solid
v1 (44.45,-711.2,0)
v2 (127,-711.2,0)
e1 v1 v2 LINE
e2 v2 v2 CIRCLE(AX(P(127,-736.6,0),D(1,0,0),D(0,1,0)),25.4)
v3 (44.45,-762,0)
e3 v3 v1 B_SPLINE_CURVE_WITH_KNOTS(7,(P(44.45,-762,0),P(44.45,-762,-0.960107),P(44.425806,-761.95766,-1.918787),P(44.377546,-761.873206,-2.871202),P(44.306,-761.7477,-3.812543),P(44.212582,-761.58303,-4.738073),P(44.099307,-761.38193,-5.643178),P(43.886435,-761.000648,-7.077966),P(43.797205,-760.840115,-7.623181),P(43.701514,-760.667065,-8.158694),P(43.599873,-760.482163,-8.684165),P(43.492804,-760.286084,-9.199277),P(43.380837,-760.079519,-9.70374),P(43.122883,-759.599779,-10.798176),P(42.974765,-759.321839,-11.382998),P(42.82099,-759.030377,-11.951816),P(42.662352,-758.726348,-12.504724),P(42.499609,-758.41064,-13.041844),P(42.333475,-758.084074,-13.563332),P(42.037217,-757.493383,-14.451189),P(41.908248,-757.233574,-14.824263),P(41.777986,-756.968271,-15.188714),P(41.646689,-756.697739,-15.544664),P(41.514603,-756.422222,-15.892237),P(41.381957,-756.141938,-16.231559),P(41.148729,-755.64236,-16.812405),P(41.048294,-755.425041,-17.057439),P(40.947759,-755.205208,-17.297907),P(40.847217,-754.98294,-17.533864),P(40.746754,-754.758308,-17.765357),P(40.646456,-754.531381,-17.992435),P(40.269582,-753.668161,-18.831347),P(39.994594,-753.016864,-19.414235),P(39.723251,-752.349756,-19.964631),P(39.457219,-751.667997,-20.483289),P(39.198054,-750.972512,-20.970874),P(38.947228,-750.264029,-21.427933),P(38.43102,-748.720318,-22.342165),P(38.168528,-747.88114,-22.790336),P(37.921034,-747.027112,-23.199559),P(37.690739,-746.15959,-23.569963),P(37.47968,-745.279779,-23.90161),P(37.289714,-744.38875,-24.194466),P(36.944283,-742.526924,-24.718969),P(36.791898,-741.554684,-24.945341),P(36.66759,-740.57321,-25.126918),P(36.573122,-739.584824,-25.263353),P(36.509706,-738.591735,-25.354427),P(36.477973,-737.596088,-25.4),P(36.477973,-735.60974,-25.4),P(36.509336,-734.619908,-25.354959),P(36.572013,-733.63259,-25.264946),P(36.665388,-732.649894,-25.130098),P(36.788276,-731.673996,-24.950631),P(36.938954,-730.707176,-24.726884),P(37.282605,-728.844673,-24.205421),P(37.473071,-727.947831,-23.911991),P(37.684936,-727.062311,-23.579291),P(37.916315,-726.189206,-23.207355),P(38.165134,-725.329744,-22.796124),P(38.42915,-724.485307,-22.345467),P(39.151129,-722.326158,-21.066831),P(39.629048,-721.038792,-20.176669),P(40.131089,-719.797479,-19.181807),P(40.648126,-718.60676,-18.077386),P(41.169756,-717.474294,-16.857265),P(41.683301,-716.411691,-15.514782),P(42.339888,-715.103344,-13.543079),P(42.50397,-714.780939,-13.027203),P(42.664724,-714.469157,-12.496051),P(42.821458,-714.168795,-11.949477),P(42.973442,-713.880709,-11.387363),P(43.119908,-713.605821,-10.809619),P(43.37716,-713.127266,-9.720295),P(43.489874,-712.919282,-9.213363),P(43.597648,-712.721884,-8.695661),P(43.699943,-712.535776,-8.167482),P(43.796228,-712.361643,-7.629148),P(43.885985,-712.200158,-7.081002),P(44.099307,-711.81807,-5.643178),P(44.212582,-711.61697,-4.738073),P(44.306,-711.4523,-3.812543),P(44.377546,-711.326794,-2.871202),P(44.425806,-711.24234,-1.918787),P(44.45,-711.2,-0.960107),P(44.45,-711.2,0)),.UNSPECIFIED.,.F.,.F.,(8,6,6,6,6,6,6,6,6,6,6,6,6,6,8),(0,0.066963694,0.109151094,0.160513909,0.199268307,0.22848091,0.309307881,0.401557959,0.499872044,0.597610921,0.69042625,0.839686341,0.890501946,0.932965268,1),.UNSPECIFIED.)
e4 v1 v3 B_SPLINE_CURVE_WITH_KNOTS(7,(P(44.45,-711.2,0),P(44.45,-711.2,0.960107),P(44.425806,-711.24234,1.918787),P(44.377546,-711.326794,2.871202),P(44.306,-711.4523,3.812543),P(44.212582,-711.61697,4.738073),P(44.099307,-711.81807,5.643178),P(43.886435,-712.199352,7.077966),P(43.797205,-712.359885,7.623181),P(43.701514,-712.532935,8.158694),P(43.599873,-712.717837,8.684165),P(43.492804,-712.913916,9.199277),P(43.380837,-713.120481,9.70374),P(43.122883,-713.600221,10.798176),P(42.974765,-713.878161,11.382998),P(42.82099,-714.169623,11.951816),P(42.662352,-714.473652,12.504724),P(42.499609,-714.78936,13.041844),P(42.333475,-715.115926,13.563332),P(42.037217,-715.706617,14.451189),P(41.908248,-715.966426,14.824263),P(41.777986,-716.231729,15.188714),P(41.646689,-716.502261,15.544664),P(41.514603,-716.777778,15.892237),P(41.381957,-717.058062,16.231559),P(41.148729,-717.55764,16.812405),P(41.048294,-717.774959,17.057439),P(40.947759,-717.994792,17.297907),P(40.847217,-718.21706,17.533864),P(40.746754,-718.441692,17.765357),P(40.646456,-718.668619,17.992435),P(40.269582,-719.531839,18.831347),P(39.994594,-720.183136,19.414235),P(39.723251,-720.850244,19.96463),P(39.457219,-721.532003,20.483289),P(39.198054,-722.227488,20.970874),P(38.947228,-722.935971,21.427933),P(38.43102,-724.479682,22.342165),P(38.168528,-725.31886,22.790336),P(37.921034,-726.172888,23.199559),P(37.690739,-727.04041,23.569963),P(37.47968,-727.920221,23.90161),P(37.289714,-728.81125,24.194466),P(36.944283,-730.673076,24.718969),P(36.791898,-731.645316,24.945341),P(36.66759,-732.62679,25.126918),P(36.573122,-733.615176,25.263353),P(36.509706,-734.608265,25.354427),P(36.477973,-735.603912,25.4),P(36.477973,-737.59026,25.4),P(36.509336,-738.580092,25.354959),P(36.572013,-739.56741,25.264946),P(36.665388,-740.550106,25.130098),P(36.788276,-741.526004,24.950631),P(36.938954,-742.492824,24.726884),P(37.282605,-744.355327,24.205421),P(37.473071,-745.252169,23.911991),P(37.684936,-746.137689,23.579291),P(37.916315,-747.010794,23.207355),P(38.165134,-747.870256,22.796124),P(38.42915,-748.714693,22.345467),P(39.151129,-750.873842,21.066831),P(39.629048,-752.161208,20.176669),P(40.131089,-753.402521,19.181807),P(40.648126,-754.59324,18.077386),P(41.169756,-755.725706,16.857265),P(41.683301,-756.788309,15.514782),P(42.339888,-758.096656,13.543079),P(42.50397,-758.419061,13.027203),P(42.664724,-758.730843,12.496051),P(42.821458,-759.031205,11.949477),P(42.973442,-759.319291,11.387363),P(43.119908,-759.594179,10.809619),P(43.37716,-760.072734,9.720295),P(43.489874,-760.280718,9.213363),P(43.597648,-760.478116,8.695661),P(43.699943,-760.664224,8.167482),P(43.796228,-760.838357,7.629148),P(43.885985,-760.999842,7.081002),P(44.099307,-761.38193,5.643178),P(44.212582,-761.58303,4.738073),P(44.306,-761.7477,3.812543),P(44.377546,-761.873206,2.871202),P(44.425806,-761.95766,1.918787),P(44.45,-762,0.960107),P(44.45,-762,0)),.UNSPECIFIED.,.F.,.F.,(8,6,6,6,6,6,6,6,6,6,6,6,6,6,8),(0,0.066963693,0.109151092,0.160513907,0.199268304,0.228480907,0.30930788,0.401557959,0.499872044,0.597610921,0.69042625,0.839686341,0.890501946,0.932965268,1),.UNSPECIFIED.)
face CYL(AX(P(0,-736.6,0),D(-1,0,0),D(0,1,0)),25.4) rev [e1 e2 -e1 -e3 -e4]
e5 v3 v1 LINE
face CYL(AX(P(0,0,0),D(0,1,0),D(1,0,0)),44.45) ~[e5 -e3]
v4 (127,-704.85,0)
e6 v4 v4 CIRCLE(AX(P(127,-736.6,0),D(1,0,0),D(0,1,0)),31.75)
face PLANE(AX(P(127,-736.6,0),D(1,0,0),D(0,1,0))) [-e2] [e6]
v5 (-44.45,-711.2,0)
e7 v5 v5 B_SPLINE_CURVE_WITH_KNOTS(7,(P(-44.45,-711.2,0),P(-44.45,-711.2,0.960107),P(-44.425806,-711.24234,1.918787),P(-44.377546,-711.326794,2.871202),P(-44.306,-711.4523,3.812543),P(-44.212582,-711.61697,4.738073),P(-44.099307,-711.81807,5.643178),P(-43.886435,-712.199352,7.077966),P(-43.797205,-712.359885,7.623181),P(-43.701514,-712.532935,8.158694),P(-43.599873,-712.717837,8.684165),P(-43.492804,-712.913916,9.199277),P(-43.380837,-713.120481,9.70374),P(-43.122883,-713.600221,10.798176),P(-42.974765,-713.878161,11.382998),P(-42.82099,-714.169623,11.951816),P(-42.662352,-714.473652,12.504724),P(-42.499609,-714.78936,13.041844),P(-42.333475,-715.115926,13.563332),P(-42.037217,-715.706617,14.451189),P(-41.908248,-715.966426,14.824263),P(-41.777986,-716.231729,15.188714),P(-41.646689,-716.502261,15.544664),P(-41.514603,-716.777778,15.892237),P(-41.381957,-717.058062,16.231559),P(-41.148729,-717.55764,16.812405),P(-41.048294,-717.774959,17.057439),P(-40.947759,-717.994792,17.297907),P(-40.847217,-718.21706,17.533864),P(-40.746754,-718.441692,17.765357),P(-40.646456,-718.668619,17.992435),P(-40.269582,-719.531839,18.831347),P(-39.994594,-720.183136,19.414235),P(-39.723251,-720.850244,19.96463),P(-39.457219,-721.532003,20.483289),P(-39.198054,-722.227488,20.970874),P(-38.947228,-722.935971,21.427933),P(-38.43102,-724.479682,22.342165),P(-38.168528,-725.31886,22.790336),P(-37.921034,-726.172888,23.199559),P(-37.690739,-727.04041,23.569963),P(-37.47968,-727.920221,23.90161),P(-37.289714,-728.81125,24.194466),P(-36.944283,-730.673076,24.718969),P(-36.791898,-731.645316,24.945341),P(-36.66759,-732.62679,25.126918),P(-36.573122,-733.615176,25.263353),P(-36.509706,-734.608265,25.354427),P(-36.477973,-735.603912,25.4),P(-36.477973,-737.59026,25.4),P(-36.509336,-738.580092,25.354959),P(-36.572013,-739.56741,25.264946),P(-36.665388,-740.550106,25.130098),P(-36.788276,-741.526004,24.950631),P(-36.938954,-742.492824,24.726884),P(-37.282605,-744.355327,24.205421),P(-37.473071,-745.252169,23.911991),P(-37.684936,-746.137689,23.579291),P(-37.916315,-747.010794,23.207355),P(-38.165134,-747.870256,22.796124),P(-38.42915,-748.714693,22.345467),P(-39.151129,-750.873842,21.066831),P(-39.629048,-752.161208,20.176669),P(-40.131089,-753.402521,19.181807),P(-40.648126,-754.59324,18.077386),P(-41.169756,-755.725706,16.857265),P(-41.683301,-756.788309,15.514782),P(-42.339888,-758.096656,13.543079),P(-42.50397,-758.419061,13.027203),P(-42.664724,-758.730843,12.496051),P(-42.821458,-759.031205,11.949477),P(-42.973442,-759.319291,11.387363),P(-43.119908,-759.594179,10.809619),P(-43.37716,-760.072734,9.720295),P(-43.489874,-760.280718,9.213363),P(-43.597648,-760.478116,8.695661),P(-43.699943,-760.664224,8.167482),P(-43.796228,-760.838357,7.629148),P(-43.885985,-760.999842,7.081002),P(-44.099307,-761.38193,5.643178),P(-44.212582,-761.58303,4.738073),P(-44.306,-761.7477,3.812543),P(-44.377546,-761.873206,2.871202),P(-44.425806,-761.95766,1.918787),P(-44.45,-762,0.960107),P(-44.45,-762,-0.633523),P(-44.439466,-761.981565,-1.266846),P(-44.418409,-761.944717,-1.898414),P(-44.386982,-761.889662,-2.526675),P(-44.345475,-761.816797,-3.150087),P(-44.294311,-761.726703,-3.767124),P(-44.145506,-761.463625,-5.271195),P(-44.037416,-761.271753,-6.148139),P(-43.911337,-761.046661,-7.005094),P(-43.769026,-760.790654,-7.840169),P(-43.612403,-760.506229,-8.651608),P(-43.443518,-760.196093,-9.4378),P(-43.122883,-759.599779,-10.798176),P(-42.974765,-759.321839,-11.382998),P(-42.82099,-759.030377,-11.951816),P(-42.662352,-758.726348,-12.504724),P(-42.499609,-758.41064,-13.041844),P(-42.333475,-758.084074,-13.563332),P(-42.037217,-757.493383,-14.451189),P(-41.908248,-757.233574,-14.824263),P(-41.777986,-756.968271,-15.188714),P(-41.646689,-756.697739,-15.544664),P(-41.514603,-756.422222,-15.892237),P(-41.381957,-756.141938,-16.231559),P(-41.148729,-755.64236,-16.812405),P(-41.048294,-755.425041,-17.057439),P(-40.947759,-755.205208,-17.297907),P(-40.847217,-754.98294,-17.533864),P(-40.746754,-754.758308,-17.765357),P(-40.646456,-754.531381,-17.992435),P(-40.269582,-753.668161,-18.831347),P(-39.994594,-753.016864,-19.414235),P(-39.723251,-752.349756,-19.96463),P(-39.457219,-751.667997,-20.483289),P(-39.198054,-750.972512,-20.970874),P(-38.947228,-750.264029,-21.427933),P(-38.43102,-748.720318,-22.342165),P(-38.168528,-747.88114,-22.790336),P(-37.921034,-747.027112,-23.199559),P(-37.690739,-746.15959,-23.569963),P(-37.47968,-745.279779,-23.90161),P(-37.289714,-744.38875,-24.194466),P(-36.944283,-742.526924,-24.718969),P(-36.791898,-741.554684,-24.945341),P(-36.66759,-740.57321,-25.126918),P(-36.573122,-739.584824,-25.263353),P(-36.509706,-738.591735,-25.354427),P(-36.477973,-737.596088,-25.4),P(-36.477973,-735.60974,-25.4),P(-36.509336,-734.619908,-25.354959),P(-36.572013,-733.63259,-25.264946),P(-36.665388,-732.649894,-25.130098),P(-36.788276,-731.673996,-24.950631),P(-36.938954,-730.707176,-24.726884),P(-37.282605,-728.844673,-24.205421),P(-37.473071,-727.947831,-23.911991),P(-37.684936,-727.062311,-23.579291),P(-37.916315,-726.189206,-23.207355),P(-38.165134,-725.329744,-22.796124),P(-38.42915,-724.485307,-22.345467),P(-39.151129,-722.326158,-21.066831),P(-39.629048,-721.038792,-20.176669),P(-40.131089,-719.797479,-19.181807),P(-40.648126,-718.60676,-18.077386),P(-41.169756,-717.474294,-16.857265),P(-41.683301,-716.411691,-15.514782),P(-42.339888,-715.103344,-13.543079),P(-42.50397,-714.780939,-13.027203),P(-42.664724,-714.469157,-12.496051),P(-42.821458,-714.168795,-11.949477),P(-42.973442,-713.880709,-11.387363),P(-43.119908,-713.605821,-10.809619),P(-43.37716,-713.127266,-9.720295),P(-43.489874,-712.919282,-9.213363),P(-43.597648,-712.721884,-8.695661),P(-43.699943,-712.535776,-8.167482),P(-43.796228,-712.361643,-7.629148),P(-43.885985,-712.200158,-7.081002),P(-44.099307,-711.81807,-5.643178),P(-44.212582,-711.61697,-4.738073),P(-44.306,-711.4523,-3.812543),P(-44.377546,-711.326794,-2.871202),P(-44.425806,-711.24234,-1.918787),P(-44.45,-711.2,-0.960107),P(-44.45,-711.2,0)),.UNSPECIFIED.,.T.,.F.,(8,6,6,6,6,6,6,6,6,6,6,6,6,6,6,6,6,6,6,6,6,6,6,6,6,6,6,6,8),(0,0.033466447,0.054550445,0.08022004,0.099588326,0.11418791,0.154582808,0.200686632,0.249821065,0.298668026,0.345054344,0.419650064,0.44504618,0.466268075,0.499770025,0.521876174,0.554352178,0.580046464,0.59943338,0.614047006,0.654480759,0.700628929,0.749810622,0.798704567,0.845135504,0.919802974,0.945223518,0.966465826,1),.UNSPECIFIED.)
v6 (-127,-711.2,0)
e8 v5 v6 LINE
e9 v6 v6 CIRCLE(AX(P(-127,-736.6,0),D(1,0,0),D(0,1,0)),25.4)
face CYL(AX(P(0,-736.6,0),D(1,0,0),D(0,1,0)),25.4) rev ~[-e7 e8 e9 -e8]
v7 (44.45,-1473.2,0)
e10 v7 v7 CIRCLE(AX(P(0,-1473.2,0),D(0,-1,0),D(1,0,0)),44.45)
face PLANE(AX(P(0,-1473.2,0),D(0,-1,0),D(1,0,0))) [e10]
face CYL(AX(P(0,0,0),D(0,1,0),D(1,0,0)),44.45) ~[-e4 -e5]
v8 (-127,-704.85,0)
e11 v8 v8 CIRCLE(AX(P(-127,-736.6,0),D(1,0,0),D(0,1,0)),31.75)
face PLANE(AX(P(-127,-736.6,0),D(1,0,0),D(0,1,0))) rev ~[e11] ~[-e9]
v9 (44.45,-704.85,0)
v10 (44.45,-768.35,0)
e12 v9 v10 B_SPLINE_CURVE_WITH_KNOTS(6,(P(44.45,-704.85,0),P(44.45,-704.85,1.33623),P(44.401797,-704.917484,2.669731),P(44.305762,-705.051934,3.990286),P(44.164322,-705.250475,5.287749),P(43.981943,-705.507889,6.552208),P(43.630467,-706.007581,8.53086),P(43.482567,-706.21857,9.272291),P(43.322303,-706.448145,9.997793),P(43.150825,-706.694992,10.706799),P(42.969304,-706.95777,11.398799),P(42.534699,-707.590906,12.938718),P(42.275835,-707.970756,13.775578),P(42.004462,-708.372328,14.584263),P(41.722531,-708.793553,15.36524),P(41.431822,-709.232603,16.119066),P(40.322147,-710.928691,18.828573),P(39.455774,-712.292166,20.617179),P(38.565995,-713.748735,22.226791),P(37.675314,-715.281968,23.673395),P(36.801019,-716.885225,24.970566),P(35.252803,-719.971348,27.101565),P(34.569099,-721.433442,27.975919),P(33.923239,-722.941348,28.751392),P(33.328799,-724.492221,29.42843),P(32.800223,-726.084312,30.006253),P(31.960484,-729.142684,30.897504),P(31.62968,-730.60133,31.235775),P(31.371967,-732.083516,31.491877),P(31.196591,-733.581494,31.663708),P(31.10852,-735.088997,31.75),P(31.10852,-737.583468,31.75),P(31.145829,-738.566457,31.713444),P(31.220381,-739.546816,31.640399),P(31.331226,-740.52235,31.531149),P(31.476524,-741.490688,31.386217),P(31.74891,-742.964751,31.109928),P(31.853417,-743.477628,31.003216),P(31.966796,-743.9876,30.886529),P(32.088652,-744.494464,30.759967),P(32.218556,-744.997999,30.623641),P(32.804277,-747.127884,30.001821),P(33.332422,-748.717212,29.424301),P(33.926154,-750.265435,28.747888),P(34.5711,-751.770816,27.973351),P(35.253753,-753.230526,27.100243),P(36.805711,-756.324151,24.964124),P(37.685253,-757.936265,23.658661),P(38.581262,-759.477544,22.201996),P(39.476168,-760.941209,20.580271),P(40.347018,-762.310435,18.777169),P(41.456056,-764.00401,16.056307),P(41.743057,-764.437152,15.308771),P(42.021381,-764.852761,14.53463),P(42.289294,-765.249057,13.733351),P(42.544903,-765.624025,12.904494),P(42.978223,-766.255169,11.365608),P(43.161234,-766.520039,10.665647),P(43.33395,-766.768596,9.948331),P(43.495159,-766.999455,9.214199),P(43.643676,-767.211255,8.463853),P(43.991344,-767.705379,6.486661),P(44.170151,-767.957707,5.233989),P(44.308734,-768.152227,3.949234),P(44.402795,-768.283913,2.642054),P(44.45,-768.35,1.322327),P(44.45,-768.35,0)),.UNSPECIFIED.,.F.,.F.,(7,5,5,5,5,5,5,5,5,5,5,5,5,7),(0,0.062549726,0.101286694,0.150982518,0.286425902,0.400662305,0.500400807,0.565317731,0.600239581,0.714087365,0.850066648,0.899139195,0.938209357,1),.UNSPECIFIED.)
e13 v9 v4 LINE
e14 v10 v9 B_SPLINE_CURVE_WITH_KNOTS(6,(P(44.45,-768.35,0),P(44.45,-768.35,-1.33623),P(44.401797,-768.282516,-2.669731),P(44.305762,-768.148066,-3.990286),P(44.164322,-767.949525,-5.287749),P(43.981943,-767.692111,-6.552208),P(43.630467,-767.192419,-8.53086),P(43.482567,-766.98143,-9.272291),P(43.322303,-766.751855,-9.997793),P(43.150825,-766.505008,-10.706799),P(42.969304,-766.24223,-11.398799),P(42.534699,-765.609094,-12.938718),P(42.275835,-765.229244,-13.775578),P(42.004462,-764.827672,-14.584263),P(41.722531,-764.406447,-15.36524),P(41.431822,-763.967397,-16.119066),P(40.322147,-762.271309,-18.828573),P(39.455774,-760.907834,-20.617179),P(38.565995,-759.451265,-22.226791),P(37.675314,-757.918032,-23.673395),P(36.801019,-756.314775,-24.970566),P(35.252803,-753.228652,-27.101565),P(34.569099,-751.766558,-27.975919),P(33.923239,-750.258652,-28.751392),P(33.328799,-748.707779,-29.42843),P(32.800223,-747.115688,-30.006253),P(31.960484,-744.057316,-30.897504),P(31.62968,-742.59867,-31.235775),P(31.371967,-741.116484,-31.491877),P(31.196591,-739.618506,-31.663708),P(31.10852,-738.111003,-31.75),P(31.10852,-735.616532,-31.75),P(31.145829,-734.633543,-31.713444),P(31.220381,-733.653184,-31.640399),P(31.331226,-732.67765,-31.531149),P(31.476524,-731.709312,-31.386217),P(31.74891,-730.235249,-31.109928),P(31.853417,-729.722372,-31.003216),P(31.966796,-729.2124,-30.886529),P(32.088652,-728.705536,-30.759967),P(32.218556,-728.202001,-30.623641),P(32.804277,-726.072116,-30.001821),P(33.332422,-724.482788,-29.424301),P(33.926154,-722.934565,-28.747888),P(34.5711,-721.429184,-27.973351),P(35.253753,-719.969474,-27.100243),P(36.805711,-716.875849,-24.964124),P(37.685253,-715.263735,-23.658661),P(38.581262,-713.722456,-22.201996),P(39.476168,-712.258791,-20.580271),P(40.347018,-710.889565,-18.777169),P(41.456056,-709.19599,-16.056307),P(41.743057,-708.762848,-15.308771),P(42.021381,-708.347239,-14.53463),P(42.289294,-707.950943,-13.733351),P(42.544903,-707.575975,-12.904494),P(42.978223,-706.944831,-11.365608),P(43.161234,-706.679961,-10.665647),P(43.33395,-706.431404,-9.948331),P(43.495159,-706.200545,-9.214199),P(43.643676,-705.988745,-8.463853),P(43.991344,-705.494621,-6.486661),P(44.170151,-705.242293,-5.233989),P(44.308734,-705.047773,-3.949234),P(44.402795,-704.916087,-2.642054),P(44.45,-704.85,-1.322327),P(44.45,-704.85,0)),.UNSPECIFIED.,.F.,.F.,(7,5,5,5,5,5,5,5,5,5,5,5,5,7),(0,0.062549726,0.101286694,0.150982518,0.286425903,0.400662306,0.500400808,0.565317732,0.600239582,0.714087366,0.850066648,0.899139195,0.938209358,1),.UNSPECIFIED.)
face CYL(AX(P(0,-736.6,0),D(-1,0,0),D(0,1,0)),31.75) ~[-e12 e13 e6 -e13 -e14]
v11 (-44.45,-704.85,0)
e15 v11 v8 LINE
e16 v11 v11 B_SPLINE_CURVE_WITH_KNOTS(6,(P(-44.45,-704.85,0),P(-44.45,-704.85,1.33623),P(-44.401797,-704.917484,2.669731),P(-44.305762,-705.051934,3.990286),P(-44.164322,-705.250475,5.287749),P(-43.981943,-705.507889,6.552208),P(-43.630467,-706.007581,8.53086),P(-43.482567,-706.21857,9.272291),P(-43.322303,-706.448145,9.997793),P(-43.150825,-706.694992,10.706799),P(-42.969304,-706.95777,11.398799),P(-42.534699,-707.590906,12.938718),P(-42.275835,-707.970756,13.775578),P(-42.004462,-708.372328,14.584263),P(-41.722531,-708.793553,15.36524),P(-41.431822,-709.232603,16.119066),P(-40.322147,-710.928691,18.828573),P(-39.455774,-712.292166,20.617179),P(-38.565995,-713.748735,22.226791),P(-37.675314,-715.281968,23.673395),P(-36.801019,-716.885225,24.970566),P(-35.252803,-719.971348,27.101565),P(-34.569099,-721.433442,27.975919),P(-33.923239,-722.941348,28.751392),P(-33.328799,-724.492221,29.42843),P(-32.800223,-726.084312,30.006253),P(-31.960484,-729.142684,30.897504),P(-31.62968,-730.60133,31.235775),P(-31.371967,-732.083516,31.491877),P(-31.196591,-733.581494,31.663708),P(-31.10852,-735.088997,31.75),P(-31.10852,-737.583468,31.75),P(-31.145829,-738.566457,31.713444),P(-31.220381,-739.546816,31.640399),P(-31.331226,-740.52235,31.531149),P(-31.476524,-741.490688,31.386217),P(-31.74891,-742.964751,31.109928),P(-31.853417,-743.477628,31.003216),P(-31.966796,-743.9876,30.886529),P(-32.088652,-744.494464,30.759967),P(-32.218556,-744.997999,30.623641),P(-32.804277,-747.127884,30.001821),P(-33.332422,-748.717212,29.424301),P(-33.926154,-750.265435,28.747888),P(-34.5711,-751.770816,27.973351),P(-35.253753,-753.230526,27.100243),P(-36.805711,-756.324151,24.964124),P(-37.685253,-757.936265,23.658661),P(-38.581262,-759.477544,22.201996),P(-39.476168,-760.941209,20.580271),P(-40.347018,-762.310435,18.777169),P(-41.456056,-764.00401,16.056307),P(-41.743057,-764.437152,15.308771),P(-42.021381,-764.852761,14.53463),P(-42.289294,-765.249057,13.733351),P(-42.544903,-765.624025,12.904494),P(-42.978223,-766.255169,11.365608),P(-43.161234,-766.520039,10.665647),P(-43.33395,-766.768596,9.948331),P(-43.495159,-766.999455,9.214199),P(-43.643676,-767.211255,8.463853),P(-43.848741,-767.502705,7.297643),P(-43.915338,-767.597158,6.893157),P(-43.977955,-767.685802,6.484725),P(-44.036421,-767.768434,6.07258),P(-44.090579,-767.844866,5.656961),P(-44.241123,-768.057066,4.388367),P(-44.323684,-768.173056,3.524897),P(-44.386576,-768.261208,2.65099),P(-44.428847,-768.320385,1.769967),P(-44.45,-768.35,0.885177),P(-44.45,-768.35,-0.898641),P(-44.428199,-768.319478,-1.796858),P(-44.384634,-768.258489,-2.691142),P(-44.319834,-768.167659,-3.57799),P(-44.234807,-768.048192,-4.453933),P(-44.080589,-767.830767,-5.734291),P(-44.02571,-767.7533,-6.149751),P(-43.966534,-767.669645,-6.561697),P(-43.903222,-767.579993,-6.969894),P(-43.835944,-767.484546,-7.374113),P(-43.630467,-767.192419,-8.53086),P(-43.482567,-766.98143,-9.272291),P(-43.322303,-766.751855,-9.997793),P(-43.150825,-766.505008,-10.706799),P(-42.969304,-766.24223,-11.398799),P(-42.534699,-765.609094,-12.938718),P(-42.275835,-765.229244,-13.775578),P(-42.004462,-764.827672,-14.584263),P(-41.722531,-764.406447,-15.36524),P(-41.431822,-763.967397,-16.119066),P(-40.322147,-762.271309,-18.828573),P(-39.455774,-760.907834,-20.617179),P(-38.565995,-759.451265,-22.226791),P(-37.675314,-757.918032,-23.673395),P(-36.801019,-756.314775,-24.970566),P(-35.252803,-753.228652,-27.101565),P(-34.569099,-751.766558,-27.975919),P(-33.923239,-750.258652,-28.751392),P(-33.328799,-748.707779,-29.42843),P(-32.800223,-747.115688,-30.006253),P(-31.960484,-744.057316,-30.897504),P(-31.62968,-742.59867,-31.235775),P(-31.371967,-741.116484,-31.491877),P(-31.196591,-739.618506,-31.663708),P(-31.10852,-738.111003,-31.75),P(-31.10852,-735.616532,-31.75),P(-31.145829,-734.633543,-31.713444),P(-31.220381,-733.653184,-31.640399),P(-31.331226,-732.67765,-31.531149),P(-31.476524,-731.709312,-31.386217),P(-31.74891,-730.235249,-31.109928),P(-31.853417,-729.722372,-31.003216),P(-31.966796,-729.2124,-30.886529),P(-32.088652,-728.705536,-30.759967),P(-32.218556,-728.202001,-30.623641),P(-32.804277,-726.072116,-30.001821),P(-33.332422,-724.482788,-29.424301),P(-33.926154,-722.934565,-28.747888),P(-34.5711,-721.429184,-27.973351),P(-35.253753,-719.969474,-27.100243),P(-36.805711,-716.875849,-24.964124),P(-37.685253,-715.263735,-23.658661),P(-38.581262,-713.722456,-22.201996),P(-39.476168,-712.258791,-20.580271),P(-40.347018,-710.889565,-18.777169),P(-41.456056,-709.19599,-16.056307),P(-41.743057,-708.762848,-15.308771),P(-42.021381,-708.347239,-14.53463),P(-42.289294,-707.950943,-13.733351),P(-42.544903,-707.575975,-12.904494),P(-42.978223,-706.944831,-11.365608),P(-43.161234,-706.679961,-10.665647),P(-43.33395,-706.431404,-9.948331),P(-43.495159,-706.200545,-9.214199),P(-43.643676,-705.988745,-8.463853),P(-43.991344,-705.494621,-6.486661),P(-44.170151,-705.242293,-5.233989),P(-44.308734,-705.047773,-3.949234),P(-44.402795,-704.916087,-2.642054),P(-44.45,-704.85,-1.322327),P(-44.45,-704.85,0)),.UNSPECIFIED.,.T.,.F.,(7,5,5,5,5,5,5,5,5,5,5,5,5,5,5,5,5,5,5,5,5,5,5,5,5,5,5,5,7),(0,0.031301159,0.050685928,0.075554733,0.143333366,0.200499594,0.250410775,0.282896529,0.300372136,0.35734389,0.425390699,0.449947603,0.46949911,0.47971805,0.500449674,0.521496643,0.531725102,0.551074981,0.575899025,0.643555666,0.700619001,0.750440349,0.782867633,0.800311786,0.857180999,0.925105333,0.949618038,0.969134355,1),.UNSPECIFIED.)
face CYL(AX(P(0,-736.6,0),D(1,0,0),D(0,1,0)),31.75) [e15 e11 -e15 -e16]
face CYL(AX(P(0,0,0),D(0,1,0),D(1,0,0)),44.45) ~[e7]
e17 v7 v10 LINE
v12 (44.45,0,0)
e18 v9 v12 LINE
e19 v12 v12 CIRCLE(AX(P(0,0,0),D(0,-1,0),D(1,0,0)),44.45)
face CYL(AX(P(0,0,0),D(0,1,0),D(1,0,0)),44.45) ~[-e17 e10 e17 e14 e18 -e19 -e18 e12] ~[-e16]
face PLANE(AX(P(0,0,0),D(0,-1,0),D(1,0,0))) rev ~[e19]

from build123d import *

# Parameters (mm, degrees)
F0_R          = 44.45
F1_DEPTH      = 25.4
F2_DEPTH      = 1473.2
F3_R          = 31.75
F3_R_2        = 25.4
F4_DEPTH      = 127
F4_DEPTH_BACK = 127


with BuildPart() as f1:
    # F0 (on Front) → F1 (new body)
    with BuildSketch(Plane.XZ):
        Circle(F0_R)
    extrude(amount=F1_DEPTH)

    # F0 (on Front) → F2 (join)
    with BuildSketch(Plane.XZ):
        Circle(F0_R)
    extrude(amount=F2_DEPTH)

    # F3 (on Right) → F4 (join, two sides)
    with BuildSketch(Plane.YZ) as f4_sk:
        with Locations((-736.6, 0)):
            Circle(F3_R)
        with Locations((-736.6, 0)):
            Circle(F3_R_2, mode=Mode.SUBTRACT)
    extrude(amount=F4_DEPTH)
    extrude(f4_sk.sketch, amount=-F4_DEPTH_BACK)


solid = f1.part
